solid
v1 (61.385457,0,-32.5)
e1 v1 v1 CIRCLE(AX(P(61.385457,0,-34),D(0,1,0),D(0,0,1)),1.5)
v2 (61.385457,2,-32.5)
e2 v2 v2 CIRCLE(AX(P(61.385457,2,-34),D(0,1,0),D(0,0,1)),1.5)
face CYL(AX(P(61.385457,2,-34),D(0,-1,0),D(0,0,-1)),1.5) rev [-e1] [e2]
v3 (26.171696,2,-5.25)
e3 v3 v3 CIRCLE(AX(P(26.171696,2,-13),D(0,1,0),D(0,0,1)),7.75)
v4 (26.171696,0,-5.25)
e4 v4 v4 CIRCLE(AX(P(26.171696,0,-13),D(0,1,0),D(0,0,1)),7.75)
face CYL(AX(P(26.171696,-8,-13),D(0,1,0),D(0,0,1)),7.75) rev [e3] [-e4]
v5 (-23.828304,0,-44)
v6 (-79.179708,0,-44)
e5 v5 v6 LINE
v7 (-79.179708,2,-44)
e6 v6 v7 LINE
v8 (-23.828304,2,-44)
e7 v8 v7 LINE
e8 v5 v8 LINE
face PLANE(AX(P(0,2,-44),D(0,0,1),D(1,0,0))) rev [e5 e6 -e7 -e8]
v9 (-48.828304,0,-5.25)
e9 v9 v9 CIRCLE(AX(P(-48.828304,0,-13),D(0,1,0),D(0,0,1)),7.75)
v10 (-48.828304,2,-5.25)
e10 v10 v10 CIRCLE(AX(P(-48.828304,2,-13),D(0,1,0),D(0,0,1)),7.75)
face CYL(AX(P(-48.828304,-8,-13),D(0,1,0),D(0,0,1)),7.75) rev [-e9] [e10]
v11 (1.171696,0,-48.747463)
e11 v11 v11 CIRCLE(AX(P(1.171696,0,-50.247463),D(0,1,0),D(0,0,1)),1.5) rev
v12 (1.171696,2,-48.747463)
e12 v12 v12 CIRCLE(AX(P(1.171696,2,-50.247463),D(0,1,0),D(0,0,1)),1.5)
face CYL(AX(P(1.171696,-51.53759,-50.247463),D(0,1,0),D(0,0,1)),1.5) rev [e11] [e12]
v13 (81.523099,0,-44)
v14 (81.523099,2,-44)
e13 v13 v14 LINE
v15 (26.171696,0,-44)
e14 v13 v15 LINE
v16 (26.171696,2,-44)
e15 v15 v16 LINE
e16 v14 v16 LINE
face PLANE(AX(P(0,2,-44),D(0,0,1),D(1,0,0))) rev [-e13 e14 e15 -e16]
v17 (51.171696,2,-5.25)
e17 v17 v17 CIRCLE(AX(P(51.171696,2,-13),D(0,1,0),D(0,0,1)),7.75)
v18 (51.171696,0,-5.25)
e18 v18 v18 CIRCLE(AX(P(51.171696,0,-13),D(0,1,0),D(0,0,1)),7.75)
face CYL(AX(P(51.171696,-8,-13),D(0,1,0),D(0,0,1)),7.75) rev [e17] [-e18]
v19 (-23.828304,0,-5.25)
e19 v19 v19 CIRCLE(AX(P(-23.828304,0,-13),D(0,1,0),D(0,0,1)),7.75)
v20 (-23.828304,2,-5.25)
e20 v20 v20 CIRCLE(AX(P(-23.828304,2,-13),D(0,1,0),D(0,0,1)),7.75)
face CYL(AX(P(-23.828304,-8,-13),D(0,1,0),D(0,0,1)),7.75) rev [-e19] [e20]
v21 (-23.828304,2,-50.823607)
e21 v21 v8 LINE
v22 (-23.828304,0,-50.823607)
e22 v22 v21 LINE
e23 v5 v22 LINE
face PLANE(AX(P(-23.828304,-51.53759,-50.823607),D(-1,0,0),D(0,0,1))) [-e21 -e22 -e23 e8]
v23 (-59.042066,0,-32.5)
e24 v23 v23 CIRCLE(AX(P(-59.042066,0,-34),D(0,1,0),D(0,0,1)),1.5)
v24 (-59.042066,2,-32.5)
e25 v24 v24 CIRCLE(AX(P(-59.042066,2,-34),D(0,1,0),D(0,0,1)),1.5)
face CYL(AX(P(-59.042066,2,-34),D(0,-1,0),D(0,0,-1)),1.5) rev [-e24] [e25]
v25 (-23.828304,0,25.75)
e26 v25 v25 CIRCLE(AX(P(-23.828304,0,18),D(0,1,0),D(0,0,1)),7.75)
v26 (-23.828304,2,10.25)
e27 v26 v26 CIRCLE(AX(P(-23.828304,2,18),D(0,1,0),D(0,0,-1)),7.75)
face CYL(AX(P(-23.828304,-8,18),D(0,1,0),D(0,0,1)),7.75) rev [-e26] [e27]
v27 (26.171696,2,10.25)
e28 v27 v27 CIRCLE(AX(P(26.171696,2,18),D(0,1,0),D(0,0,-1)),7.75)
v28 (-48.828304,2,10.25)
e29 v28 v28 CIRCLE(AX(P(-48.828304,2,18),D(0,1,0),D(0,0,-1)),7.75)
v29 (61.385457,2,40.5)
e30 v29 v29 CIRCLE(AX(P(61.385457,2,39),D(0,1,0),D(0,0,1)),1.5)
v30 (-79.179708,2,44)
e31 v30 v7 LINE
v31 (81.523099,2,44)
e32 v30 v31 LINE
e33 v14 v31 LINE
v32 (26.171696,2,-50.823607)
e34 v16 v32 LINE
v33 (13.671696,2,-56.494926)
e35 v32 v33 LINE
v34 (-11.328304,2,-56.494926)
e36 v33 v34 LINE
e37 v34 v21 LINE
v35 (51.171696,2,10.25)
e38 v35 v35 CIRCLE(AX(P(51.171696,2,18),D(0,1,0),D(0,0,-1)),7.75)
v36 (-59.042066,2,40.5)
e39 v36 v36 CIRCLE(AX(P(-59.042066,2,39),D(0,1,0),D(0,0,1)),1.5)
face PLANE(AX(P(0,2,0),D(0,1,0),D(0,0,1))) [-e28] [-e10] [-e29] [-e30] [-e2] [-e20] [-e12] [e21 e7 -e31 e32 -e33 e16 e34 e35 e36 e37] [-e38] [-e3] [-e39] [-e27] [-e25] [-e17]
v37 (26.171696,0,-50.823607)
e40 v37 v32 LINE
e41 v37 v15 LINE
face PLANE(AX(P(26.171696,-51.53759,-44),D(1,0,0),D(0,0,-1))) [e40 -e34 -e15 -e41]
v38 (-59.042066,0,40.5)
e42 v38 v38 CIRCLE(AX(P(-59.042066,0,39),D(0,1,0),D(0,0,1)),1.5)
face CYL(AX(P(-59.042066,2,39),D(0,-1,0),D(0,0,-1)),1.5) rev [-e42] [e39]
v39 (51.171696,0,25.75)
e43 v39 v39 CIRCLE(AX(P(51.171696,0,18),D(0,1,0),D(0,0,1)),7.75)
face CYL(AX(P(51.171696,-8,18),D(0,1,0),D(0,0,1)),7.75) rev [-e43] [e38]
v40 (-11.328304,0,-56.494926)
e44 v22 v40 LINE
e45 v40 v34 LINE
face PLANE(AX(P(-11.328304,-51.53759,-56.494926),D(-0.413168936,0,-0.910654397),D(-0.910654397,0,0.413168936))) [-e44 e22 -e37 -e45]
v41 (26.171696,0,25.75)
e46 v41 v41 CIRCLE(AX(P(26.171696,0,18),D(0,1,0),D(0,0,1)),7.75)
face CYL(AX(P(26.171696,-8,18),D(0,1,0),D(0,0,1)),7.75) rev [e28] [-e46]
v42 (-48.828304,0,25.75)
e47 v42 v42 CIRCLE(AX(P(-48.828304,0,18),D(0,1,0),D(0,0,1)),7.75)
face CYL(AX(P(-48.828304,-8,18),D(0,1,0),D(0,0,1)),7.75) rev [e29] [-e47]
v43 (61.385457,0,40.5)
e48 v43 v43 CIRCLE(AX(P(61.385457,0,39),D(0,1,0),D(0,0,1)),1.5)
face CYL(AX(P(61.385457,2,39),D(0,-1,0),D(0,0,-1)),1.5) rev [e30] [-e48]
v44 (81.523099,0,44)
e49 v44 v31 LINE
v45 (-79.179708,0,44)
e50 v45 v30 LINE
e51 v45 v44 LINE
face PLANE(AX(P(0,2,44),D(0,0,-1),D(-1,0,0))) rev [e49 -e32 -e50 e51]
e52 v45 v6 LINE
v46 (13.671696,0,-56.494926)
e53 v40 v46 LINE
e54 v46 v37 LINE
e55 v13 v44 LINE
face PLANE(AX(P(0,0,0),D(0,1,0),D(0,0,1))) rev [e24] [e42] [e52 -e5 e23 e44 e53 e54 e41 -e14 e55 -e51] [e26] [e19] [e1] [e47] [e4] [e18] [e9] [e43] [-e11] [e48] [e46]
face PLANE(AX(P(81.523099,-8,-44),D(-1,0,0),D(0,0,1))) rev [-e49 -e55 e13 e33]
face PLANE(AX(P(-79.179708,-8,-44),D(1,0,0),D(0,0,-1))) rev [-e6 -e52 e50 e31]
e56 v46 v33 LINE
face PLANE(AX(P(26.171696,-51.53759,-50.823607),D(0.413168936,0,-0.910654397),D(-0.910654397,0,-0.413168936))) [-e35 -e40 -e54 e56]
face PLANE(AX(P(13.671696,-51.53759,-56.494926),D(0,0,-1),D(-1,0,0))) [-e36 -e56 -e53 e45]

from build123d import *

# Parameters (mm, degrees)
SKETCH1_W           = 155.702807198
SKETCH1_H           = 58
SKETCH1_R           = 1.5
BOSS_EXTRUDE2_DEPTH = 2
SKETCH2_W           = 5
SKETCH2_H           = 88
BOSS_EXTRUDE3_DEPTH = 2
SKETCH3_R           = 7.75
CUT_EXTRUDE1_DEPTH  = 10
SKETCH4_R           = 1.5
BOSS_EXTRUDE4_DEPTH = 2
SKETCH7_W           = 2.5
SKETCH7_H           = 88
CUT_EXTRUDE2_DEPTH  = 10


with BuildPart() as part:
    # Sketch1 → Boss-Extrude2 (new body)
    with BuildSketch(Plane(origin=(0, 0, 0), x_dir=(1, 0, 0), z_dir=(0, 1, 0))):
        with Locations((1.171695753, -5)):
            Rectangle(SKETCH1_W, SKETCH1_H)
        Polygon((-76.679707846, 44), (-76.679707846, 24), (79.023099352, 24), (79.023099352, 44), (62.885457038, 44), (59.885457038, 44), (-57.542065533, 44), (-60.542065533, 44), align=None)
        with Locations((-59.042065533, 34)):
            Circle(SKETCH1_R, mode=Mode.SUBTRACT)
        with Locations((61.385457038, 34)):
            Circle(SKETCH1_R, mode=Mode.SUBTRACT)
        Polygon((-76.679707846, -44), (-60.542065533, -44), (-57.542065533, -44), (59.885457038, -44), (62.885457038, -44), (79.023099352, -44), (79.023099352, -34), (-76.679707846, -34), align=None)
        with Locations((-59.042065533, -39)):
            Circle(SKETCH1_R, mode=Mode.SUBTRACT)
        with Locations((61.385457038, -39)):
            Circle(SKETCH1_R, mode=Mode.SUBTRACT)
    extrude(amount=BOSS_EXTRUDE2_DEPTH)

    # Sketch2 → Boss-Extrude3 (add)
    with BuildSketch(Plane(origin=(0, 2, 0), x_dir=(1, 0, 0), z_dir=(0, 1, 0))):
        with Locations((81.523099352, 0)):
            Rectangle(SKETCH2_W, SKETCH2_H)
        with Locations((-79.179707846, 0)):
            Rectangle(SKETCH2_W, SKETCH2_H)
    extrude(amount=-BOSS_EXTRUDE3_DEPTH)

    # Sketch3 → Cut-Extrude1 (cut)
    with BuildSketch(Plane(origin=(0, 2, 0), x_dir=(1, 0, 0), z_dir=(0, 1, 0))):
        with Locations((26.171695753, 13)):
            Circle(SKETCH3_R)
        with Locations((51.171695753, 13)):
            Circle(SKETCH3_R)
        with Locations((-23.828304247, 13)):
            Circle(SKETCH3_R)
        with Locations((-48.828304247, 13)):
            Circle(SKETCH3_R)
        with Locations((-48.828304247, -18)):
            Circle(SKETCH3_R)
        with Locations((-23.828304247, -18)):
            Circle(SKETCH3_R)
        with Locations((51.171695753, -18)):
            Circle(SKETCH3_R)
        with Locations((26.171695753, -18)):
            Circle(SKETCH3_R)
    extrude(amount=-CUT_EXTRUDE1_DEPTH, mode=Mode.SUBTRACT)

    # Sketch4 → Boss-Extrude4 (add)
    with BuildSketch(Plane(origin=(0, 2, 0), x_dir=(1, 0, 0), z_dir=(0, 1, 0))):
        Polygon((-23.828304247, 44), (26.171695753, 44), (26.171695753, 50.823606938), (13.671695753, 56.49492606), (-11.328304247, 56.49492606), (-23.828304247, 50.823606938), align=None)
        with Locations((1.171695753, 50.24746303)):
            Circle(SKETCH4_R, mode=Mode.SUBTRACT)
    extrude(amount=-BOSS_EXTRUDE4_DEPTH)

    # Sketch7 → Cut-Extrude2 (cut)
    with BuildSketch(Plane(origin=(0, 2, 0), x_dir=(1, 0, 0), z_dir=(0, 1, 0))):
        with Locations((-80.429707846, 0)):
            Rectangle(SKETCH7_W, SKETCH7_H)
        with Locations((82.773099352, 0)):
            Rectangle(SKETCH7_W, SKETCH7_H)
    extrude(amount=-CUT_EXTRUDE2_DEPTH, mode=Mode.SUBTRACT)


solid = part.part
